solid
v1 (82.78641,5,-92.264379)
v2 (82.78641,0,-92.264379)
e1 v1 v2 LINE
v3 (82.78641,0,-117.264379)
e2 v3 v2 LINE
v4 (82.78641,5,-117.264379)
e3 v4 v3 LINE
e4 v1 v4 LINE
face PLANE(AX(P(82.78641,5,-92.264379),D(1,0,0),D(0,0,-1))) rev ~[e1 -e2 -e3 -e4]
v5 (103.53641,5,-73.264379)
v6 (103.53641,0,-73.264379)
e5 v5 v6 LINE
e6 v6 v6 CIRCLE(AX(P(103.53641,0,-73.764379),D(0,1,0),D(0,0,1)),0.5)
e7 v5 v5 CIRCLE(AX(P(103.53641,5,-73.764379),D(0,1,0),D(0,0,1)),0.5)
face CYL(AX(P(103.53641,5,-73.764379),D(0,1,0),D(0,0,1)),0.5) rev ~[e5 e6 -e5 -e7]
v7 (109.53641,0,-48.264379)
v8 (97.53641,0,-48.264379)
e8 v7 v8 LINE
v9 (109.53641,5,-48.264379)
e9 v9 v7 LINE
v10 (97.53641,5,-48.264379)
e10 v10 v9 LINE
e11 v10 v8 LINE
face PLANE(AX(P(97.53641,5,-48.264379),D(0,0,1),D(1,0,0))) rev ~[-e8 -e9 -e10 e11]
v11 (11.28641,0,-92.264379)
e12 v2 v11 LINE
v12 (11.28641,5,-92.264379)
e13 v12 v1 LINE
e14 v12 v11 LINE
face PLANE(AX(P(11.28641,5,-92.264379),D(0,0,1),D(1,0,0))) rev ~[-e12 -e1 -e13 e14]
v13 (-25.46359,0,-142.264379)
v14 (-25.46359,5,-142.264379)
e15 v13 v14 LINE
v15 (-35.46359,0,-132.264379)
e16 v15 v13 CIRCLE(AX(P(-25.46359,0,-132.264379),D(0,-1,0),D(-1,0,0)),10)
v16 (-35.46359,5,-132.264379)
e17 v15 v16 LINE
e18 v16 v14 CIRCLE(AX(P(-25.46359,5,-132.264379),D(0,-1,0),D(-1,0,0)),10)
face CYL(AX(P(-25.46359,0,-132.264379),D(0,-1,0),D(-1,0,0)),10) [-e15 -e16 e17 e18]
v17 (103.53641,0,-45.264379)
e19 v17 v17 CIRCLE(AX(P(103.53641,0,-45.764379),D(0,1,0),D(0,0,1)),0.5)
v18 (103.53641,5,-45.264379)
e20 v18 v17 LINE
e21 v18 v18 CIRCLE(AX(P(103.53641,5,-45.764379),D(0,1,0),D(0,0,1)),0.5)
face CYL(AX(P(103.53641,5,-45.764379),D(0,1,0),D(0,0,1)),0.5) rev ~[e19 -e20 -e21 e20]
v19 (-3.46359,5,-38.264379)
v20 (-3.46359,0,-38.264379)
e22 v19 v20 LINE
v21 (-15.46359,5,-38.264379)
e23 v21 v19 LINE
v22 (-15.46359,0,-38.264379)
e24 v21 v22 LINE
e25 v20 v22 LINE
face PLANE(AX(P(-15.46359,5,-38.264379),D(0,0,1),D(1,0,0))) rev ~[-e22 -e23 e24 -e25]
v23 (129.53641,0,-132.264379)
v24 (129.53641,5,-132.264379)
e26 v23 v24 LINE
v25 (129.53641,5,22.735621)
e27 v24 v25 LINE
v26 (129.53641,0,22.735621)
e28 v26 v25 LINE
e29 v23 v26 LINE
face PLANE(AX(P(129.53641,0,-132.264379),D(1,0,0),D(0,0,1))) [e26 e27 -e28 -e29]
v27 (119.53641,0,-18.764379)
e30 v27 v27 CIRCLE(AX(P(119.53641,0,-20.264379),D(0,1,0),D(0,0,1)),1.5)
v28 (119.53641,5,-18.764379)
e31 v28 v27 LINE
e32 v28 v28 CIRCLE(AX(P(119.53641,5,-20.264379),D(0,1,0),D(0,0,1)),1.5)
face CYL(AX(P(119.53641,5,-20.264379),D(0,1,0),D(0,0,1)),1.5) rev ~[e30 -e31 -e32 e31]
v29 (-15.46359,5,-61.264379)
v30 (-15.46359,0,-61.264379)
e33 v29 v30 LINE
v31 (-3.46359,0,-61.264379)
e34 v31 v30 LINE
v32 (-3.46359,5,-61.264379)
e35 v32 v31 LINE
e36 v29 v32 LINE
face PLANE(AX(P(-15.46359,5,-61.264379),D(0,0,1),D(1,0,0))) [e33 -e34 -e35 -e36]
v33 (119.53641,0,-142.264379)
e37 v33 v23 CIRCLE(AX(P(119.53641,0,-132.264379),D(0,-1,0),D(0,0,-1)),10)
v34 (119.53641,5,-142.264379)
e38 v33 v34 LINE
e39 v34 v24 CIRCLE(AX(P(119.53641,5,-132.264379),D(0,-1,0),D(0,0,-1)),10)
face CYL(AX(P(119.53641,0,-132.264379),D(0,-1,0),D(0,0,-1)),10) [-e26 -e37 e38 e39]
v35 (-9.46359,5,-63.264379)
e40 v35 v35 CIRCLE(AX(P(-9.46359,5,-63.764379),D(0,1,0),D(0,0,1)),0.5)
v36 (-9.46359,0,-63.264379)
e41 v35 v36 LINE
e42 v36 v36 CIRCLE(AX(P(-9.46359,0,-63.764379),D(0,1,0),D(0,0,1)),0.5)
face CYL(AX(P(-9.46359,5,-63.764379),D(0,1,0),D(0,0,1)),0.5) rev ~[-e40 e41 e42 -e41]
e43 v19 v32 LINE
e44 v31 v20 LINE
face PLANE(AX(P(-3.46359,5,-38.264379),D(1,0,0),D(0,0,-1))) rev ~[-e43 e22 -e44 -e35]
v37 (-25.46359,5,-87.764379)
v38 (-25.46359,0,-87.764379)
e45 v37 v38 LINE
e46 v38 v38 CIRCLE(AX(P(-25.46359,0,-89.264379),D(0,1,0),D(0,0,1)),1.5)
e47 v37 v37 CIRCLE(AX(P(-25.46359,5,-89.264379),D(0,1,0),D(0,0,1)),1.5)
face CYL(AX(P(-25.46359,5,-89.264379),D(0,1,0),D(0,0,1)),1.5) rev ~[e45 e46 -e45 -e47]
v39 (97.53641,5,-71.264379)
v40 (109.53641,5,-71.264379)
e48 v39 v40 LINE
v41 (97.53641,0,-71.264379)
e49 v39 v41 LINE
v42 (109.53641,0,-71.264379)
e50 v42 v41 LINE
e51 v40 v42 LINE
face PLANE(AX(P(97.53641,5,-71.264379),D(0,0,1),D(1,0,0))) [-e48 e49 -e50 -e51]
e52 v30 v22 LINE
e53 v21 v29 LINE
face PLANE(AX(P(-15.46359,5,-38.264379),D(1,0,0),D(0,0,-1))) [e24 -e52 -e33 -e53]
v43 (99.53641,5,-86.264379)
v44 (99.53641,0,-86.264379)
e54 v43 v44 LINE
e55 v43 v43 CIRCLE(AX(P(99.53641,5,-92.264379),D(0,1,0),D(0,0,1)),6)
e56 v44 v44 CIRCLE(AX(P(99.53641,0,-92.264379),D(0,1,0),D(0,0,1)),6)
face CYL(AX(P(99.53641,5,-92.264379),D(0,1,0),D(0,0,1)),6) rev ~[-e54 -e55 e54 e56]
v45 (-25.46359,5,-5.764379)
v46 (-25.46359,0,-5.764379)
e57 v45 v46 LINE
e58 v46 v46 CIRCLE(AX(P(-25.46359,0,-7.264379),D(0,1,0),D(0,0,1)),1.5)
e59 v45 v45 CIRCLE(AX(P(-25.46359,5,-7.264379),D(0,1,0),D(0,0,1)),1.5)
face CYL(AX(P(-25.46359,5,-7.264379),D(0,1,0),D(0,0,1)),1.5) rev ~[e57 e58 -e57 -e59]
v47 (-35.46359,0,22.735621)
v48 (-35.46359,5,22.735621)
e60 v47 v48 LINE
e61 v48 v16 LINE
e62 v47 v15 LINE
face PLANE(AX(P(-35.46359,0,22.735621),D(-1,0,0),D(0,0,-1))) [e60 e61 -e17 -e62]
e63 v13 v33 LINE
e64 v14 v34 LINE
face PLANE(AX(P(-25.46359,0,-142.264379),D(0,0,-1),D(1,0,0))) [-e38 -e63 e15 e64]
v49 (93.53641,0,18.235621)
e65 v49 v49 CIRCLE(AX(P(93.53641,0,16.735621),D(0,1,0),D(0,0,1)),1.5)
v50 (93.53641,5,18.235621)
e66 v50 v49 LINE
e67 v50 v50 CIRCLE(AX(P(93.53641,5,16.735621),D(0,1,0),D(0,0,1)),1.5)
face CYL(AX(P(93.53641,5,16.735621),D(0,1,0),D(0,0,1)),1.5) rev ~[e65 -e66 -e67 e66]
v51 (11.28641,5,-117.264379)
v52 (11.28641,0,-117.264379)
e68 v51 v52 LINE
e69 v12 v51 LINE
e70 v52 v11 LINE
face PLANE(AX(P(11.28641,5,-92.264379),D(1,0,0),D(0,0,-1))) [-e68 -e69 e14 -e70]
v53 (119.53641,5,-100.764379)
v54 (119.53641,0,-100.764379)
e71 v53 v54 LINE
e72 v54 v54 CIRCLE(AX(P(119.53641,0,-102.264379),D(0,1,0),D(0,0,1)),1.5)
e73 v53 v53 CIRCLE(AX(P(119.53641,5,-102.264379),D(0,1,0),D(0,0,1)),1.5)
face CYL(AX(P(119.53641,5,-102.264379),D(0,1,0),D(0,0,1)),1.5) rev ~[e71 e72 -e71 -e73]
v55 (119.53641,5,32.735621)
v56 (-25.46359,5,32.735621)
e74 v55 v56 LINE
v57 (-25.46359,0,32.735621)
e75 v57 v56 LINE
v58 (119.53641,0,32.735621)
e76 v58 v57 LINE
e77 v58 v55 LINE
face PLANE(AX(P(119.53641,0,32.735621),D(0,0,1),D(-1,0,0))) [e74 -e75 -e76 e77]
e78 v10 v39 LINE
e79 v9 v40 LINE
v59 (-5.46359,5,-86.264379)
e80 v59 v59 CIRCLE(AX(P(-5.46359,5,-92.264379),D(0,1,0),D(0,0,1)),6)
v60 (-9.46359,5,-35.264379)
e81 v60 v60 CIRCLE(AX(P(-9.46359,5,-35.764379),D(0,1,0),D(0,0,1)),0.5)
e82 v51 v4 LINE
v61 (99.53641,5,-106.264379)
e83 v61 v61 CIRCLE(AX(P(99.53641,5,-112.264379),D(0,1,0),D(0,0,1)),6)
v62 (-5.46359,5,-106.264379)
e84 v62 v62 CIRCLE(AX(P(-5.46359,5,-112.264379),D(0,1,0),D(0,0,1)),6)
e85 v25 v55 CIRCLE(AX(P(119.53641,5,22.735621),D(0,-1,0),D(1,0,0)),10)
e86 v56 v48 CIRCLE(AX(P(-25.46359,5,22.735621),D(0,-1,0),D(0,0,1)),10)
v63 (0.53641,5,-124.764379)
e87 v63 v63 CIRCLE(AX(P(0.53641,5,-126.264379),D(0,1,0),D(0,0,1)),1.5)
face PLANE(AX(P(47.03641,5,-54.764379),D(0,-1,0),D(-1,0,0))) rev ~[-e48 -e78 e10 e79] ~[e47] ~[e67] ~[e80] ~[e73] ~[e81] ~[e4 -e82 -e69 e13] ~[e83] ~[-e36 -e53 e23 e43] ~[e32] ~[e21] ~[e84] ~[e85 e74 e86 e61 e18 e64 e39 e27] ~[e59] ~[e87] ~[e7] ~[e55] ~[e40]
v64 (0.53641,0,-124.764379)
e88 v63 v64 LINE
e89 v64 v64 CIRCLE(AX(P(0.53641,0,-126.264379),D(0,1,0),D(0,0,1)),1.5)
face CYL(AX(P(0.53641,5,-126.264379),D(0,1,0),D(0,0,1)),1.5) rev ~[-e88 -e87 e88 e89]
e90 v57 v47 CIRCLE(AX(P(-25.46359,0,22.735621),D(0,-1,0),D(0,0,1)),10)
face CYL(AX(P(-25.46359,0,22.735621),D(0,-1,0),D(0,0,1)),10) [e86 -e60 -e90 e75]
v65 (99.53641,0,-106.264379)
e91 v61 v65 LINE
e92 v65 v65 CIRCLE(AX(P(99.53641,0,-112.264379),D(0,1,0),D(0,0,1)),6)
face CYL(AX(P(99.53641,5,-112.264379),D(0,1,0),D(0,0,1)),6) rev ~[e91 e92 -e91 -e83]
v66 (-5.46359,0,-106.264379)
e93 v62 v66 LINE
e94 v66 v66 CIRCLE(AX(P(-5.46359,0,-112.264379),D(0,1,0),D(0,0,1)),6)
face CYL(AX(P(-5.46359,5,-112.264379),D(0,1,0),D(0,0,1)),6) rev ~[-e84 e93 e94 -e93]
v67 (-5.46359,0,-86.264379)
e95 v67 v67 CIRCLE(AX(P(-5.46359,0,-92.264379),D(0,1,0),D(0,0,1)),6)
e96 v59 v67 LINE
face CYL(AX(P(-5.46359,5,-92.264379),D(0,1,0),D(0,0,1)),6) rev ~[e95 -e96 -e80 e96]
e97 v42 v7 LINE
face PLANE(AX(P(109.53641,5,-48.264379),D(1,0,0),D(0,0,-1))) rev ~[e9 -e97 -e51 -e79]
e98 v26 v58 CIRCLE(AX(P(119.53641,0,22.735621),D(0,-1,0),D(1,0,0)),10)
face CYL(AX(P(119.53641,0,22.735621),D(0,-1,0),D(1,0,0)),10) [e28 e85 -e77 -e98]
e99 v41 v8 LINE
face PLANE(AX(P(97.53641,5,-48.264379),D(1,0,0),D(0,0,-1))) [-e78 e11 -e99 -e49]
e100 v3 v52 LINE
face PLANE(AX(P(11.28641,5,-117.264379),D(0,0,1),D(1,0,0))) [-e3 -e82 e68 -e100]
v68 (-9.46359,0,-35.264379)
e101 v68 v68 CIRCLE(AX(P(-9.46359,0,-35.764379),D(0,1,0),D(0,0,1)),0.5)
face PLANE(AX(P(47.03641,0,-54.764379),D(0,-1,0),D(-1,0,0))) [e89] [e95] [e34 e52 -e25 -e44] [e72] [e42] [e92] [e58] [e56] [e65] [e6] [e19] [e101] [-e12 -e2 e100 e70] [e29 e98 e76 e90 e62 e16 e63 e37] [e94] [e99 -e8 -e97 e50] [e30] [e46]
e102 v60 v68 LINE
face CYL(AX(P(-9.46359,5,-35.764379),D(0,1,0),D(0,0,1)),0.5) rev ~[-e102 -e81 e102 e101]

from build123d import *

# Parameters (mm, degrees)
RESSALTO_EXTRUS_O1_DEPTH = 5
ESBO_O2_R                = 1.5
CORTE_EXTRUS_O1_DEPTH    = 5
ESBO_O4_R                = 0.5
ESBO_O4_W                = 12
ESBO_O4_H                = 23
CORTE_EXTRUS_O3_DEPTH    = 193.467750623
ESBO_O5_R                = 1.5
ESBO_O5_W                = 71.5
ESBO_O5_H                = 25
CORTE_EXTRUS_O4_DEPTH    = 193.467750623
ESBO_O6_R                = 6
CORTE_EXTRUS_O5_DEPTH    = 193.467750623


with BuildPart() as part:
    # Esboço1 → Ressalto-extrusão1 (new body)
    with BuildSketch(Plane(origin=(0, 0, 0), x_dir=(1, 0, 0), z_dir=(0, 1, 0))):
        with BuildLine():
            Line((-25.463589741, 142.264378701), (119.536410259, 142.264378701))
            ThreePointArc((119.536410259, 142.264378701), (126.607478071, 139.335446513), (129.536410259, 132.264378701))
            Line((129.536410259, 132.264378701), (129.536410259, -22.735621299))
            ThreePointArc((129.536410259, -22.735621299), (126.607478071, -29.806689111), (119.536410259, -32.735621299))
            Line((119.536410259, -32.735621299), (-25.463589741, -32.735621299))
            ThreePointArc((-25.463589741, -32.735621299), (-32.534657553, -29.806689111), (-35.463589741, -22.735621299))
            Line((-35.463589741, -22.735621299), (-35.463589741, 132.264378701))
            ThreePointArc((-35.463589741, 132.264378701), (-32.534657553, 139.335446513), (-25.463589741, 142.264378701))
        make_face()
    extrude(amount=RESSALTO_EXTRUS_O1_DEPTH)

    # Esboço2 → Corte-extrusão1 (cut)
    with BuildSketch(Plane(origin=(0, 5, 0), x_dir=(1, 0, 0), z_dir=(0, 1, 0))):
        with Locations(Location((-25.463589741, 7.264378701, 0), (0, 0, 270))):
            Circle(ESBO_O2_R)
        with Locations(Location((0.536410259, 126.264378701, 0), (0, 0, 270))):
            Circle(ESBO_O2_R)
        with Locations(Location((119.536410259, 102.264378701, 0), (0, 0, 270))):
            Circle(ESBO_O2_R)
        with Locations(Location((93.536410259, -16.735621299, 0), (0, 0, 270))):
            Circle(ESBO_O2_R)
    extrude(amount=-CORTE_EXTRUS_O1_DEPTH, mode=Mode.SUBTRACT)

    # Esboço4 → Corte-extrusão3 (cut, through all)
    with BuildSketch(Plane(origin=(0, 5, 0), x_dir=(1, 0, 0), z_dir=(0, 1, 0))):
        with Locations(Location((-9.463589741, 35.764378701, 0), (0, 0, 270))):
            Circle(ESBO_O4_R)
        with Locations(Location((-9.463589741, 63.764378701, 0), (0, 0, 270))):
            Circle(ESBO_O4_R)
        with Locations(Location((103.536410259, 45.764378701, 0), (0, 0, 270))):
            Circle(ESBO_O4_R)
        with Locations(Location((103.536410259, 73.764378701, 0), (0, 0, 270))):
            Circle(ESBO_O4_R)
        with Locations((-9.463589741, 49.764378701)):
            Rectangle(ESBO_O4_W, ESBO_O4_H)
        with Locations((103.536410259, 59.764378701)):
            Rectangle(ESBO_O4_W, ESBO_O4_H)
    extrude(amount=-CORTE_EXTRUS_O3_DEPTH, mode=Mode.SUBTRACT)

    # Esboço5 → Corte-extrusão4 (cut, through all)
    with BuildSketch(Plane(origin=(0, 5, 0), x_dir=(1, 0, 0), z_dir=(0, 1, 0))):
        with Locations(Location((-25.463589741, 89.264378701, 0), (0, 0, 270))):
            Circle(ESBO_O5_R)
        with Locations(Location((119.536410259, 20.264378701, 0), (0, 0, 270))):
            Circle(ESBO_O5_R)
        with Locations((47.036410259, 104.764378701)):
            Rectangle(ESBO_O5_W, ESBO_O5_H)
    extrude(amount=-CORTE_EXTRUS_O4_DEPTH, mode=Mode.SUBTRACT)

    # Esboço6 → Corte-extrusão5 (cut, through all)
    with BuildSketch(Plane(origin=(0, 5, 0), x_dir=(1, 0, 0), z_dir=(0, 1, 0))):
        with Locations(Location((-5.463589741, 112.264378701, 0), (0, 0, 270))):
            Circle(ESBO_O6_R)
        with Locations(Location((-5.463589741, 92.264378701, 0), (0, 0, 270))):
            Circle(ESBO_O6_R)
        with Locations(Location((99.536410259, 112.264378701, 0), (0, 0, 270))):
            Circle(ESBO_O6_R)
        with Locations(Location((99.536410259, 92.264378701, 0), (0, 0, 270))):
            Circle(ESBO_O6_R)
    extrude(amount=-CORTE_EXTRUS_O5_DEPTH, mode=Mode.SUBTRACT)


solid = part.part
